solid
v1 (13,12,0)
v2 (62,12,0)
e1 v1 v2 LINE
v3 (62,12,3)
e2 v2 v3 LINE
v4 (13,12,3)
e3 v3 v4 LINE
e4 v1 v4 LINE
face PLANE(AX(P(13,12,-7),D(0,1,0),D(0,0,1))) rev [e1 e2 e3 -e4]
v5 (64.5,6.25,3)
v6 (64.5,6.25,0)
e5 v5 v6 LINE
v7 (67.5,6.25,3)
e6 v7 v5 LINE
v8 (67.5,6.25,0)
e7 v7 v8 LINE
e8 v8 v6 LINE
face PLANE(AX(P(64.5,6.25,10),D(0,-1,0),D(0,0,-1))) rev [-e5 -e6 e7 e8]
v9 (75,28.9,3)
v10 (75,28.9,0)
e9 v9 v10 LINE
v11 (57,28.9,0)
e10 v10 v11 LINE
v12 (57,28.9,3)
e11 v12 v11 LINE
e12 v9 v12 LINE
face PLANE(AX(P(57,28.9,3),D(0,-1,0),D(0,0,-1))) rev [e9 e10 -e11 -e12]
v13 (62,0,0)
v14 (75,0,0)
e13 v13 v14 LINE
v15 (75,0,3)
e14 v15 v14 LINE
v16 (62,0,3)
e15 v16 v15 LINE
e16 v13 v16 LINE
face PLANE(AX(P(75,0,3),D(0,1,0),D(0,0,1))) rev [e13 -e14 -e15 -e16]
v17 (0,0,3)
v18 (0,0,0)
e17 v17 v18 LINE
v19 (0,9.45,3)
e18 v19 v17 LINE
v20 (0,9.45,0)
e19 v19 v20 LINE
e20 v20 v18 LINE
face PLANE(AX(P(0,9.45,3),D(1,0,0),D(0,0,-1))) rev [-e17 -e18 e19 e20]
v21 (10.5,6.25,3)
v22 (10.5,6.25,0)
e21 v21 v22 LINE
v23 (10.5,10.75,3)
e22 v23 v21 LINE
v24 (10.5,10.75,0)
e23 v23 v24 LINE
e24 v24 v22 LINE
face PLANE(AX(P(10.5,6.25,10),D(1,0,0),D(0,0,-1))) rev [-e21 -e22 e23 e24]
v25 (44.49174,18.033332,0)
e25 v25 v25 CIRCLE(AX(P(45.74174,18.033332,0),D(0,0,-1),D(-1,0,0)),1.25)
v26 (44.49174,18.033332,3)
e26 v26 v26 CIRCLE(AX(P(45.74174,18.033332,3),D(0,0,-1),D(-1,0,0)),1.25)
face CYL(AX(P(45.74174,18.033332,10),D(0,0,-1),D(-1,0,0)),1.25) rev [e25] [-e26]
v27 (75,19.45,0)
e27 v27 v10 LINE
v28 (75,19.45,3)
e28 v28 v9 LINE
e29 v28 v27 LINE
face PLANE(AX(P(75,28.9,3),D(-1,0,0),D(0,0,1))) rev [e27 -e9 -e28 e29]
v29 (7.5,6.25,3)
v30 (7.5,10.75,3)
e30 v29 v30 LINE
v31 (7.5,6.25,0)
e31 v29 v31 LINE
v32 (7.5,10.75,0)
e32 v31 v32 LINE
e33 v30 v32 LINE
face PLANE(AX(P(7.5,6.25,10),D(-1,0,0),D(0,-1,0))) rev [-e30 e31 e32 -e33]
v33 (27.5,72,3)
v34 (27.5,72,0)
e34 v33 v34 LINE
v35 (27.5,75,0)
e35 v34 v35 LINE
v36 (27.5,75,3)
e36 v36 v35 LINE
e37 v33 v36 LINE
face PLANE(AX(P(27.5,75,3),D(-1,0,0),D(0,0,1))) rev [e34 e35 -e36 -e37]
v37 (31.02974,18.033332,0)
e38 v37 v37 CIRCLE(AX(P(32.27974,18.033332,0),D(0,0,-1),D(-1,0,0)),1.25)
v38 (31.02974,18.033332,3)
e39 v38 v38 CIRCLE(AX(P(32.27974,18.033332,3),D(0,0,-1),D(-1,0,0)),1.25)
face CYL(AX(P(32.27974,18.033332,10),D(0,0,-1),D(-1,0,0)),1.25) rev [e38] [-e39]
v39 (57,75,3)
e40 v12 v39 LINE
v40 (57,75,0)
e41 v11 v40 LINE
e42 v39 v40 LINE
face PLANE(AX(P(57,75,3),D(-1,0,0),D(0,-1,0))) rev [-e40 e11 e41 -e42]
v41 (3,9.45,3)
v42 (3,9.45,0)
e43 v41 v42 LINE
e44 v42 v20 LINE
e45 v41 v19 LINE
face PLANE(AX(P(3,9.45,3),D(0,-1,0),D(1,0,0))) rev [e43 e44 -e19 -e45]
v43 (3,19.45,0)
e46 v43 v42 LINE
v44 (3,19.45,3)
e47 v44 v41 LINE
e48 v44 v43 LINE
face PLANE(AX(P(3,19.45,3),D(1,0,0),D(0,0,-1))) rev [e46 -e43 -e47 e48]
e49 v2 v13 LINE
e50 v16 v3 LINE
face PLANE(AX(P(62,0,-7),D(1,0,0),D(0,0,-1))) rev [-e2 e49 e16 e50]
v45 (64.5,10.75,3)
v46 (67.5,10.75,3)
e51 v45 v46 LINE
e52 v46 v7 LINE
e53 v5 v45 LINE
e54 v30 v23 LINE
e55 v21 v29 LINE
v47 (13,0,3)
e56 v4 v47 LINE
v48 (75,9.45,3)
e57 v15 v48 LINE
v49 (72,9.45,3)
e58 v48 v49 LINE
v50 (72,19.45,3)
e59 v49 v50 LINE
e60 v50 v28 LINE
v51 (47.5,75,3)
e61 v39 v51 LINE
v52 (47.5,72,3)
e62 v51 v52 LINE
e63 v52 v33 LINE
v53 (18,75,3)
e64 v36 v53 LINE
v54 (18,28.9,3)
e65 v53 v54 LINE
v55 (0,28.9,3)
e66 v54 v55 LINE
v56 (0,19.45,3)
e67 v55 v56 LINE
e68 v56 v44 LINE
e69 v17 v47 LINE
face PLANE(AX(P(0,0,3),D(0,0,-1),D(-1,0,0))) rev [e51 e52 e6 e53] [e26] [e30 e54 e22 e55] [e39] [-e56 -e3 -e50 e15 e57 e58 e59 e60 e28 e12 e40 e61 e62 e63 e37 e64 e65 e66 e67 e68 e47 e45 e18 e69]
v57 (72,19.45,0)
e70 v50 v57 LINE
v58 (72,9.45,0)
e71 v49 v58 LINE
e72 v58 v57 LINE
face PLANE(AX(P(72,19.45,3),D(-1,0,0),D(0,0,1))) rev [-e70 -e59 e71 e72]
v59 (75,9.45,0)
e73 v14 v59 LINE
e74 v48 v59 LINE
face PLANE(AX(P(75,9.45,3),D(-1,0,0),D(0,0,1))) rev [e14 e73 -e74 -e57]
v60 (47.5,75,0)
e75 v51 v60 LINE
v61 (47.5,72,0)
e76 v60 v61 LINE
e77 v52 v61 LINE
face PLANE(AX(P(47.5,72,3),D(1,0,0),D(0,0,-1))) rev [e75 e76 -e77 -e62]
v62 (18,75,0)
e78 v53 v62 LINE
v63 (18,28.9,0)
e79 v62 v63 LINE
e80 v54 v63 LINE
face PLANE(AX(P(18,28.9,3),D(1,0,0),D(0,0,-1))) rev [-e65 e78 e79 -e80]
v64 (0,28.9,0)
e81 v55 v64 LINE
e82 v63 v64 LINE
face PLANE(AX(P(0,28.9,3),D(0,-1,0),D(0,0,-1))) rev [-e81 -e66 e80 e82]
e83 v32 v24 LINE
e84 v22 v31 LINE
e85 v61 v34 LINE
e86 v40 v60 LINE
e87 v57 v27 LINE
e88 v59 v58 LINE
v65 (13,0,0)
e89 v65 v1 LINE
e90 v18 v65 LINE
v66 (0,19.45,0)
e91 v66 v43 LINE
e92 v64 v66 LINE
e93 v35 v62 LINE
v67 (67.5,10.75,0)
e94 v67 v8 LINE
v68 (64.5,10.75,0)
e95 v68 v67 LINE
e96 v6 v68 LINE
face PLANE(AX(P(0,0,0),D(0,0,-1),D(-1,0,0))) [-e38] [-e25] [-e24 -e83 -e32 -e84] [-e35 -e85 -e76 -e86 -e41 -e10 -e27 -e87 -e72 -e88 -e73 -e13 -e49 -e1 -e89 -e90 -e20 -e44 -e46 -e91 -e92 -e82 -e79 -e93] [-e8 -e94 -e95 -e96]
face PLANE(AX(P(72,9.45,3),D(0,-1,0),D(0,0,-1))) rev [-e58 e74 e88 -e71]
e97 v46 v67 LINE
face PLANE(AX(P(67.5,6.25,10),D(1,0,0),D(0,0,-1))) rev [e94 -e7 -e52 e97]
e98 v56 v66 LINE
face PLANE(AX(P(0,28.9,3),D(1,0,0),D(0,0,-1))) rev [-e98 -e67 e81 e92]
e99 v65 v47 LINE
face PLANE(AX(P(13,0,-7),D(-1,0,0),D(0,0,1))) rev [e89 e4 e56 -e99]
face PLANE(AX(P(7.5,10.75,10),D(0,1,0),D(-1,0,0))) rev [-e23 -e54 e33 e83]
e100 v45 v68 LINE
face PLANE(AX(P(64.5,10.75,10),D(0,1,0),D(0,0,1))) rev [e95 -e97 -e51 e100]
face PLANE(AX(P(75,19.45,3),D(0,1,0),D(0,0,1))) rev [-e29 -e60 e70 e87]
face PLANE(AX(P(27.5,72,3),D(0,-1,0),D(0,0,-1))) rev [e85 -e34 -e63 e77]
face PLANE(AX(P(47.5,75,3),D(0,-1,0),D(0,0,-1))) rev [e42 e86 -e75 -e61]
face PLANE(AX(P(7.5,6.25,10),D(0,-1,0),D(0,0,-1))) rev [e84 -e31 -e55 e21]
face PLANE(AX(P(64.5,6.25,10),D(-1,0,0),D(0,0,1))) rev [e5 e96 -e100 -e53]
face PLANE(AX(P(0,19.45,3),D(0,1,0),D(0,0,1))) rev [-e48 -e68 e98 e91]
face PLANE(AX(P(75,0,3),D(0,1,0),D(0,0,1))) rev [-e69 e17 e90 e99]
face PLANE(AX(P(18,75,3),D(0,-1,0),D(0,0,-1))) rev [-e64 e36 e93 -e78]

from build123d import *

# Parameters (mm, degrees)
SALIENTE_EXTRUIR1_DEPTH = 3
CROQUIS4_W              = 49
CROQUIS4_H              = 12
CORTAR_EXTRUIR2_DEPTH   = 10
CROQUIS5_R              = 1.25
CORTAR_EXTRUIR3_DEPTH   = 10
CROQUIS6_W              = 3
CROQUIS6_H              = 4.5
CORTAR_EXTRUIR4_DEPTH   = 10


with BuildPart() as part:
    # Croquis1 → Saliente-Extruir1 (new body)
    with BuildSketch(Plane.XY):
        Polygon((0, 28.9), (18, 28.9), (18, 75), (27.5, 75), (27.5, 72), (47.5, 72), (47.5, 75), (57, 75), (57, 28.9), (75, 28.9), (75, 19.45), (72, 19.45), (72, 9.45), (75, 9.45), (75, 0), (0, 0), (0, 9.45), (3, 9.45), (3, 19.45), (0, 19.45), align=None)
    extrude(amount=SALIENTE_EXTRUIR1_DEPTH)

    # Croquis4 → Cortar-Extruir2 (cut)
    with BuildSketch(Plane.XY.offset(3)):
        with Locations((37.5, 6)):
            Rectangle(CROQUIS4_W, CROQUIS4_H)
    extrude(amount=-CORTAR_EXTRUIR2_DEPTH, mode=Mode.SUBTRACT)

    # Croquis5 → Cortar-Extruir3 (cut)
    with BuildSketch(Plane(origin=(0, 0, 0), x_dir=(-1, 0, 0), z_dir=(0, 0, -1))):
        with Locations((-32.279739901, 18.033331943)):
            Circle(CROQUIS5_R)
        with Locations((-45.741739901, 18.033331943)):
            Circle(CROQUIS5_R)
    extrude(amount=-CORTAR_EXTRUIR3_DEPTH, mode=Mode.SUBTRACT)

    # Croquis6 → Cortar-Extruir4 (cut)
    with BuildSketch(Plane(origin=(0, 0, 0), x_dir=(-1, 0, 0), z_dir=(0, 0, -1))):
        with Locations((-9, 8.5)):
            Rectangle(CROQUIS6_W, CROQUIS6_H)
        with Locations((-66, 8.5)):
            Rectangle(CROQUIS6_W, CROQUIS6_H)
    extrude(amount=-CORTAR_EXTRUIR4_DEPTH, mode=Mode.SUBTRACT)


solid = part.part
